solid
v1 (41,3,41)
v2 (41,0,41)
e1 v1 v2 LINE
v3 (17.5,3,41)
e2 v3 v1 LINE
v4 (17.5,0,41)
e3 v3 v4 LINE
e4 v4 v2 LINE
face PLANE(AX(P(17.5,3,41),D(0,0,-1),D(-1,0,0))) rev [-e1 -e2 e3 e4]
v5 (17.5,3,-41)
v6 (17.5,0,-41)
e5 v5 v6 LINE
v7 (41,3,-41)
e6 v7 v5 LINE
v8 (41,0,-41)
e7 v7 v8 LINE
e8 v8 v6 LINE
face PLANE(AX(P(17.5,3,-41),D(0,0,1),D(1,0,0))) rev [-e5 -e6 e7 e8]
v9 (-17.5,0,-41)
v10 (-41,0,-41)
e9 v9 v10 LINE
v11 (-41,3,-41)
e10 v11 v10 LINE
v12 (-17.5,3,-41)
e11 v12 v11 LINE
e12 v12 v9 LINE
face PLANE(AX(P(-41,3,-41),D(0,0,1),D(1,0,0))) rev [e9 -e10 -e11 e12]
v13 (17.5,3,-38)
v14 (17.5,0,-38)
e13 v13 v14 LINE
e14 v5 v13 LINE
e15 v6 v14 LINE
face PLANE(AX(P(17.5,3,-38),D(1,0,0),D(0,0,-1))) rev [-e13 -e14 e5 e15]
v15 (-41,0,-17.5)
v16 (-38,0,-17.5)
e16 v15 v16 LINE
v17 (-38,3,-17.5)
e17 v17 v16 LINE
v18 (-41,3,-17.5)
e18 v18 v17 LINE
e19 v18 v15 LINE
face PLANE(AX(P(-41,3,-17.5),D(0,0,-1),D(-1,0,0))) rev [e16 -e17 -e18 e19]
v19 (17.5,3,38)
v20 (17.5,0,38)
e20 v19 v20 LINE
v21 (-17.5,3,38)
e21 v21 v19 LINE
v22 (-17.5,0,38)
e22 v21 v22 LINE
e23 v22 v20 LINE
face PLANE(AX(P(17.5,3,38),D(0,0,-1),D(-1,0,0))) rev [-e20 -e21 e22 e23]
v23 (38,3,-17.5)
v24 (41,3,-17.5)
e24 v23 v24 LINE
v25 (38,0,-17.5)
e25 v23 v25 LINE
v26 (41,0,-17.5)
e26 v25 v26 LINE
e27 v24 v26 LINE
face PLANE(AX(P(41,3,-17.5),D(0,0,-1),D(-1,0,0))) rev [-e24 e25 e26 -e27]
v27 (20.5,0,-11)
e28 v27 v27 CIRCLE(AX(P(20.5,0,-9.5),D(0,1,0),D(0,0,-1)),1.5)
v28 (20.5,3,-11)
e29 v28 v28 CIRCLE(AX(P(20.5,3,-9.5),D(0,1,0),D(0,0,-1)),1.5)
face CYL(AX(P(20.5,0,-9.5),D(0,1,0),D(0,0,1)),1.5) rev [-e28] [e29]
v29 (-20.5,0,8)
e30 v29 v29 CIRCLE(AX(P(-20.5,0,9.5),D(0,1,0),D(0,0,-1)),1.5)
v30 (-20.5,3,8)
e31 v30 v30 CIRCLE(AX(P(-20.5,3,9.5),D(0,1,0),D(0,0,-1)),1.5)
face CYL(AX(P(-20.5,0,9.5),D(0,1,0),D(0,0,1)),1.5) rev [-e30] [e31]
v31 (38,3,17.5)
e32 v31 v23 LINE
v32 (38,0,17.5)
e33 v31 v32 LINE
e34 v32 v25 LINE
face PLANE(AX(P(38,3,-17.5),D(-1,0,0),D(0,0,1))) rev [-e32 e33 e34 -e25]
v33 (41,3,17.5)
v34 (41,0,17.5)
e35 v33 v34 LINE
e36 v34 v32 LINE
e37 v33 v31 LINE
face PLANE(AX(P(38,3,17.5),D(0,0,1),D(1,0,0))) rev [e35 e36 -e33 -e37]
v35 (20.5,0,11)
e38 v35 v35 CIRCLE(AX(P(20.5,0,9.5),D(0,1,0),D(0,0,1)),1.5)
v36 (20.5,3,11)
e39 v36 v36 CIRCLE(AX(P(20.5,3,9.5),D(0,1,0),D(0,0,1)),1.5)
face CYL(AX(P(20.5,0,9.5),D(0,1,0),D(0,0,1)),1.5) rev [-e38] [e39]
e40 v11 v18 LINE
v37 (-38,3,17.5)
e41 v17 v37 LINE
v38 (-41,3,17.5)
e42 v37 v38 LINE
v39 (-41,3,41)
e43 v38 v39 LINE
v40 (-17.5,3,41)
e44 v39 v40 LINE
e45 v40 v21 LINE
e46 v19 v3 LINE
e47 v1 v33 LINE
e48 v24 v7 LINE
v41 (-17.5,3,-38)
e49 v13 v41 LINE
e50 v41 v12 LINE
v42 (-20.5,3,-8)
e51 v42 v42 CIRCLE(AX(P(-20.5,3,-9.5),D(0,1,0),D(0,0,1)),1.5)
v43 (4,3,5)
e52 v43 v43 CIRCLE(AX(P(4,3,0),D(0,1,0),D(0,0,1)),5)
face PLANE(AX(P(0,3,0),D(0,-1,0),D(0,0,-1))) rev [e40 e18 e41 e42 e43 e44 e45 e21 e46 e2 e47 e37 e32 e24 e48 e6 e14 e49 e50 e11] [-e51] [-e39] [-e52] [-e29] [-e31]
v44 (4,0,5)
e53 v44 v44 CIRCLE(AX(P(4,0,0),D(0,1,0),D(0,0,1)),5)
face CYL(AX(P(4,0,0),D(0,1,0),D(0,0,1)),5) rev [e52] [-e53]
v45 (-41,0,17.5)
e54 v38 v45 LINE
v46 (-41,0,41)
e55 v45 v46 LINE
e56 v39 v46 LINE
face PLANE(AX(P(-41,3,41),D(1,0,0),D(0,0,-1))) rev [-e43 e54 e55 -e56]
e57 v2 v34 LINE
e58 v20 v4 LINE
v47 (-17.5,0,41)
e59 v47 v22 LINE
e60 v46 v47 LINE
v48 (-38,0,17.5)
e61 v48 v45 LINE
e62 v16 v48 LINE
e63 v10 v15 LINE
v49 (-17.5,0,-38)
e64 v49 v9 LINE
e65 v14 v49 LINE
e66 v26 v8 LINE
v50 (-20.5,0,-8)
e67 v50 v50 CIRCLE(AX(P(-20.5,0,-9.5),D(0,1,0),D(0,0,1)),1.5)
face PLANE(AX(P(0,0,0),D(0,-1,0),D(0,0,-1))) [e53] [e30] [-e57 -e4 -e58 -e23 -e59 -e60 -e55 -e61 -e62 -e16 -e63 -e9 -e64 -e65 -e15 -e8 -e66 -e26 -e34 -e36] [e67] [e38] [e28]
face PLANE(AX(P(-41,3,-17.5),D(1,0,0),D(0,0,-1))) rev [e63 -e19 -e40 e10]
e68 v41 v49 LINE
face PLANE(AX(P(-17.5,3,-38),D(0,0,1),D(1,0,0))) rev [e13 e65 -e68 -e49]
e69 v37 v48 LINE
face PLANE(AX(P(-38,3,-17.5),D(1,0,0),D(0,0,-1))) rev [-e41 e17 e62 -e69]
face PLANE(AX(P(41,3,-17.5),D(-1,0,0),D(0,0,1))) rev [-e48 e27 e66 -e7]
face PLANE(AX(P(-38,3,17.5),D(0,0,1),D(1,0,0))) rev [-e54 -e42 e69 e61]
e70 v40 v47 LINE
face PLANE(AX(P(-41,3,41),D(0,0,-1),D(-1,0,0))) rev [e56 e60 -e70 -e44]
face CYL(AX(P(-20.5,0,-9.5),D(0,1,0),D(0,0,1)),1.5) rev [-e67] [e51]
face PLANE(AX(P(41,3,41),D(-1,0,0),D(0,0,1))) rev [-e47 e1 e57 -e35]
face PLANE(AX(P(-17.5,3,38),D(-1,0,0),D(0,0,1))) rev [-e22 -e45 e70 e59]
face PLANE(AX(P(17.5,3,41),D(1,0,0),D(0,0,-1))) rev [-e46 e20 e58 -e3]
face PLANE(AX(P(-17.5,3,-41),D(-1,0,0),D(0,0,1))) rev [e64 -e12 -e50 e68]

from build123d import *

# Parameters (mm, degrees)
BOSS_EXTRUDE1_DEPTH = 3
SKETCH2_R           = 5
SKETCH2_R_2         = 1.5
CUT_EXTRUDE1_DEPTH  = 3


with BuildPart() as part:
    # Sketch1 → Boss-Extrude1 (new body)
    with BuildSketch(Plane(origin=(0, 0, 0), x_dir=(1, 0, 0), z_dir=(0, 1, 0))):
        Polygon((-41, -41), (-17.5, -41), (-17.5, -38), (17.5, -38), (17.5, -41), (41, -41), (41, -17.5), (38, -17.5), (38, 17.5), (41, 17.5), (41, 41), (17.5, 41), (17.5, 38), (-17.5, 38), (-17.5, 41), (-41, 41), (-41, 17.5), (-38, 17.5), (-38, -17.5), (-41, -17.5), align=None)
    extrude(amount=BOSS_EXTRUDE1_DEPTH)

    # Sketch2 → Cut-Extrude1 (cut)
    with BuildSketch(Plane(origin=(0, 3, 0), x_dir=(1, 0, 0), z_dir=(0, 1, 0))):
        with Locations((4, 0)):
            Circle(SKETCH2_R)
        with Locations((-20.5, 9.5)):
            Circle(SKETCH2_R_2)
        with Locations((-20.5, -9.5)):
            Circle(SKETCH2_R_2)
        with Locations((20.5, -9.5)):
            Circle(SKETCH2_R_2)
        with Locations((20.5, 9.5)):
            Circle(SKETCH2_R_2)
    extrude(amount=-CUT_EXTRUDE1_DEPTH, mode=Mode.SUBTRACT)


solid = part.part
